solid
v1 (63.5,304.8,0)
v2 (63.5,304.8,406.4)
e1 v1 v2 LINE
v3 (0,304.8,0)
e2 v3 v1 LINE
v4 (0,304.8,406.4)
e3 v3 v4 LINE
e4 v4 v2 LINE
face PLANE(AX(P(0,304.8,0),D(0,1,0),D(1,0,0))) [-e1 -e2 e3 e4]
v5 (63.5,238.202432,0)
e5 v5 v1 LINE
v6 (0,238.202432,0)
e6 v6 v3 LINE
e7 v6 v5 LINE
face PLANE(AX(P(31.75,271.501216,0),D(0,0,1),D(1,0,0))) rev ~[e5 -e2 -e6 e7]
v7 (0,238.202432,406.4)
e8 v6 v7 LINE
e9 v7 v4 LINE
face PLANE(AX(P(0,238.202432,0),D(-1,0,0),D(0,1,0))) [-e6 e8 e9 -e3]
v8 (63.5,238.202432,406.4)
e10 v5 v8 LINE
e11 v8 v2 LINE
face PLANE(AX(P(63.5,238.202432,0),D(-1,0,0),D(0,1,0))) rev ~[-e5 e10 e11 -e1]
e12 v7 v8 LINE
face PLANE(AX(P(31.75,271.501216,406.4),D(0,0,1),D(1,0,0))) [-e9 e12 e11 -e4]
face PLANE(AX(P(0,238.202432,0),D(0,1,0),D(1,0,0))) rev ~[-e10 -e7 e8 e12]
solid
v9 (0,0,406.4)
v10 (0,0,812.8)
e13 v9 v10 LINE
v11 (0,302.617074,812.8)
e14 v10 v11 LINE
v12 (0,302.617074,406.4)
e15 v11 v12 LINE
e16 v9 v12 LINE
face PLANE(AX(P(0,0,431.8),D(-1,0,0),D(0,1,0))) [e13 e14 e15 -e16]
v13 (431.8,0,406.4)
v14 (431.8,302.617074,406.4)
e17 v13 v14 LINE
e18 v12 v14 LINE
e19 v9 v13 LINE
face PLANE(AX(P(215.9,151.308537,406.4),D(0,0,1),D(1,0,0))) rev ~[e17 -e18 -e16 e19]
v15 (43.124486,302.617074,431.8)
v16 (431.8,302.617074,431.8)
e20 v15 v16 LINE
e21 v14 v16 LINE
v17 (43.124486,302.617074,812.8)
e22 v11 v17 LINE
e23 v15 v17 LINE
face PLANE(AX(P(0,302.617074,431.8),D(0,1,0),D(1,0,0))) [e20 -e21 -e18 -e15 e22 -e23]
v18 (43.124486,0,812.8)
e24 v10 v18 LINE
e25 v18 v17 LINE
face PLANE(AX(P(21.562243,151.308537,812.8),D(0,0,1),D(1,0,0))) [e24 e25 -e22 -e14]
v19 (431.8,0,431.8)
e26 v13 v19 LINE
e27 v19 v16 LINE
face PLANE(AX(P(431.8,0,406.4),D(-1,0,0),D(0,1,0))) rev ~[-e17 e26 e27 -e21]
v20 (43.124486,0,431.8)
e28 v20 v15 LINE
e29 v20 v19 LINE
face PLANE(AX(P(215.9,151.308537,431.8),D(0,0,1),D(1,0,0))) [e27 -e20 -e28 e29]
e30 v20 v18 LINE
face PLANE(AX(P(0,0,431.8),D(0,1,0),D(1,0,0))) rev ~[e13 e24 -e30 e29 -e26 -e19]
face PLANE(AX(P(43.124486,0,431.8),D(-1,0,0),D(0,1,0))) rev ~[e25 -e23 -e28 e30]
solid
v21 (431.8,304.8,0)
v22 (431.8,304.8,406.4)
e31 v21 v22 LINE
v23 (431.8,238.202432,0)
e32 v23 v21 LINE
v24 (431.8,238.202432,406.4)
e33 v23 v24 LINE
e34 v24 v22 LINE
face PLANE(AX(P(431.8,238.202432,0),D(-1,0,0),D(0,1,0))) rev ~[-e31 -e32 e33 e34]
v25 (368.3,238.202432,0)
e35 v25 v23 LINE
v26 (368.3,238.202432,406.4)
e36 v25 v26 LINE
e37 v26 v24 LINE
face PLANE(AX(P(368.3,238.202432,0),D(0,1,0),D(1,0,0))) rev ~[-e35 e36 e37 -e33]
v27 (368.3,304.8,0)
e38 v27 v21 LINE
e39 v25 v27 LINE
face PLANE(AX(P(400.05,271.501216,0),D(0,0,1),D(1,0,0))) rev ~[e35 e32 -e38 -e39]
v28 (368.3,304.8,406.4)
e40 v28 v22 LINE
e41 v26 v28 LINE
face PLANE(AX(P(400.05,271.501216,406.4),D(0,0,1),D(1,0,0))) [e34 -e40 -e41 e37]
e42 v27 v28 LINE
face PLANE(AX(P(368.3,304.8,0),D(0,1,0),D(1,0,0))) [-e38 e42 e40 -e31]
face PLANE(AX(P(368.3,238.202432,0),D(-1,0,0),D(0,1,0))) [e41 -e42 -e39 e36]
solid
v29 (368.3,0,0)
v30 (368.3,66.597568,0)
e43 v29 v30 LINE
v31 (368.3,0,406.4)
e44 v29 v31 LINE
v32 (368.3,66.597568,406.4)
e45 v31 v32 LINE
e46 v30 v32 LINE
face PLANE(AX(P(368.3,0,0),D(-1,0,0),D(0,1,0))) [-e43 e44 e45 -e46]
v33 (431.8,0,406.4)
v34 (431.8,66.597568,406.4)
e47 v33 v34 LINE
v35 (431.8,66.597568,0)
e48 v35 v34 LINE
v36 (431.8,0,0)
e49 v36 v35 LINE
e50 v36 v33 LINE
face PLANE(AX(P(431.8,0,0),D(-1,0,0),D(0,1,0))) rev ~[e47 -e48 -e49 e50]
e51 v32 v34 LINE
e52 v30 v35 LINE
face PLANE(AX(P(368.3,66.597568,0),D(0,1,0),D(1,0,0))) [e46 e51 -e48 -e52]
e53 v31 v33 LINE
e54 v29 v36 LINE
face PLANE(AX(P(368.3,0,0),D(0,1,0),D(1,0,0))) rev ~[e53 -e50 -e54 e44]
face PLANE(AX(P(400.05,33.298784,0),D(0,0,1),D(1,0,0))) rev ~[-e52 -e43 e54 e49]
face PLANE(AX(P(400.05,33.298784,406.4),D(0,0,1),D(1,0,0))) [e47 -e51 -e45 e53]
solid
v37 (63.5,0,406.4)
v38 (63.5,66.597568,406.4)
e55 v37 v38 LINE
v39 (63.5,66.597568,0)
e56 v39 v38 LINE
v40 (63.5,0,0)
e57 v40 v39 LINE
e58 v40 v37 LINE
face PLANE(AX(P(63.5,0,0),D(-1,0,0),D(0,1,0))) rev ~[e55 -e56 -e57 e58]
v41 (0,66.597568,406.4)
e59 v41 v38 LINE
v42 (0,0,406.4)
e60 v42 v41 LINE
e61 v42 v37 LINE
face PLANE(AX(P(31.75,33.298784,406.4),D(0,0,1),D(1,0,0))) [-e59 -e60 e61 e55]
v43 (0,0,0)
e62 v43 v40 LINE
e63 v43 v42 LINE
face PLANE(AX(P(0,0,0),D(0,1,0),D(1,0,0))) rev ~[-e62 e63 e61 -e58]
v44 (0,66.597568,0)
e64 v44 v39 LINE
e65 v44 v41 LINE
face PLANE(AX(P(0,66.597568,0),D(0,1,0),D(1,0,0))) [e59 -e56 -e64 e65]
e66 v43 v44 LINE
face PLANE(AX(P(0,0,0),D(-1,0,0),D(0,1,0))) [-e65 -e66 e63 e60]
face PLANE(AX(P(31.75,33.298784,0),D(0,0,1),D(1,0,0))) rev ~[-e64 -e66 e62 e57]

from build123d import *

# Parameters (mm, degrees)
F0_W     = 63.5
F0_H     = 66.597568
F1_DEPTH = 406.4
F2_W     = 431.8
F2_H     = 302.617073
F3_DEPTH = 25.4
F4_W     = 43.124486
F4_H     = 302.617073
F5_DEPTH = 381


with BuildPart() as f1:
    # F0 (on Top) → F1 (new body)
    with BuildSketch(Plane.XY):
        with Locations((400.05, 33.298784)):
            Rectangle(F0_W, F0_H)
        with Locations((31.75, 33.298784)):
            Rectangle(F0_W, F0_H)
        with Locations((31.75, 271.501216)):
            Rectangle(F0_W, F0_H)
        with Locations((400.05, 271.501216)):
            Rectangle(F0_W, F0_H)
    extrude(amount=F1_DEPTH)


with BuildPart() as f3:
    # F2 (on face) → F3 (new body)
    with BuildSketch(Plane.XY.offset(406.4)):
        with Locations((215.9, 151.308537)):
            Rectangle(F2_W, F2_H)
    extrude(amount=F3_DEPTH)

    # F4 (on face) → F5 (join)
    with BuildSketch(Plane.XY.offset(431.8)):
        with Locations((21.562243, 151.308537)):
            Rectangle(F4_W, F4_H)
    extrude(amount=F5_DEPTH)


solid = Compound([f1.part, f3.part])
